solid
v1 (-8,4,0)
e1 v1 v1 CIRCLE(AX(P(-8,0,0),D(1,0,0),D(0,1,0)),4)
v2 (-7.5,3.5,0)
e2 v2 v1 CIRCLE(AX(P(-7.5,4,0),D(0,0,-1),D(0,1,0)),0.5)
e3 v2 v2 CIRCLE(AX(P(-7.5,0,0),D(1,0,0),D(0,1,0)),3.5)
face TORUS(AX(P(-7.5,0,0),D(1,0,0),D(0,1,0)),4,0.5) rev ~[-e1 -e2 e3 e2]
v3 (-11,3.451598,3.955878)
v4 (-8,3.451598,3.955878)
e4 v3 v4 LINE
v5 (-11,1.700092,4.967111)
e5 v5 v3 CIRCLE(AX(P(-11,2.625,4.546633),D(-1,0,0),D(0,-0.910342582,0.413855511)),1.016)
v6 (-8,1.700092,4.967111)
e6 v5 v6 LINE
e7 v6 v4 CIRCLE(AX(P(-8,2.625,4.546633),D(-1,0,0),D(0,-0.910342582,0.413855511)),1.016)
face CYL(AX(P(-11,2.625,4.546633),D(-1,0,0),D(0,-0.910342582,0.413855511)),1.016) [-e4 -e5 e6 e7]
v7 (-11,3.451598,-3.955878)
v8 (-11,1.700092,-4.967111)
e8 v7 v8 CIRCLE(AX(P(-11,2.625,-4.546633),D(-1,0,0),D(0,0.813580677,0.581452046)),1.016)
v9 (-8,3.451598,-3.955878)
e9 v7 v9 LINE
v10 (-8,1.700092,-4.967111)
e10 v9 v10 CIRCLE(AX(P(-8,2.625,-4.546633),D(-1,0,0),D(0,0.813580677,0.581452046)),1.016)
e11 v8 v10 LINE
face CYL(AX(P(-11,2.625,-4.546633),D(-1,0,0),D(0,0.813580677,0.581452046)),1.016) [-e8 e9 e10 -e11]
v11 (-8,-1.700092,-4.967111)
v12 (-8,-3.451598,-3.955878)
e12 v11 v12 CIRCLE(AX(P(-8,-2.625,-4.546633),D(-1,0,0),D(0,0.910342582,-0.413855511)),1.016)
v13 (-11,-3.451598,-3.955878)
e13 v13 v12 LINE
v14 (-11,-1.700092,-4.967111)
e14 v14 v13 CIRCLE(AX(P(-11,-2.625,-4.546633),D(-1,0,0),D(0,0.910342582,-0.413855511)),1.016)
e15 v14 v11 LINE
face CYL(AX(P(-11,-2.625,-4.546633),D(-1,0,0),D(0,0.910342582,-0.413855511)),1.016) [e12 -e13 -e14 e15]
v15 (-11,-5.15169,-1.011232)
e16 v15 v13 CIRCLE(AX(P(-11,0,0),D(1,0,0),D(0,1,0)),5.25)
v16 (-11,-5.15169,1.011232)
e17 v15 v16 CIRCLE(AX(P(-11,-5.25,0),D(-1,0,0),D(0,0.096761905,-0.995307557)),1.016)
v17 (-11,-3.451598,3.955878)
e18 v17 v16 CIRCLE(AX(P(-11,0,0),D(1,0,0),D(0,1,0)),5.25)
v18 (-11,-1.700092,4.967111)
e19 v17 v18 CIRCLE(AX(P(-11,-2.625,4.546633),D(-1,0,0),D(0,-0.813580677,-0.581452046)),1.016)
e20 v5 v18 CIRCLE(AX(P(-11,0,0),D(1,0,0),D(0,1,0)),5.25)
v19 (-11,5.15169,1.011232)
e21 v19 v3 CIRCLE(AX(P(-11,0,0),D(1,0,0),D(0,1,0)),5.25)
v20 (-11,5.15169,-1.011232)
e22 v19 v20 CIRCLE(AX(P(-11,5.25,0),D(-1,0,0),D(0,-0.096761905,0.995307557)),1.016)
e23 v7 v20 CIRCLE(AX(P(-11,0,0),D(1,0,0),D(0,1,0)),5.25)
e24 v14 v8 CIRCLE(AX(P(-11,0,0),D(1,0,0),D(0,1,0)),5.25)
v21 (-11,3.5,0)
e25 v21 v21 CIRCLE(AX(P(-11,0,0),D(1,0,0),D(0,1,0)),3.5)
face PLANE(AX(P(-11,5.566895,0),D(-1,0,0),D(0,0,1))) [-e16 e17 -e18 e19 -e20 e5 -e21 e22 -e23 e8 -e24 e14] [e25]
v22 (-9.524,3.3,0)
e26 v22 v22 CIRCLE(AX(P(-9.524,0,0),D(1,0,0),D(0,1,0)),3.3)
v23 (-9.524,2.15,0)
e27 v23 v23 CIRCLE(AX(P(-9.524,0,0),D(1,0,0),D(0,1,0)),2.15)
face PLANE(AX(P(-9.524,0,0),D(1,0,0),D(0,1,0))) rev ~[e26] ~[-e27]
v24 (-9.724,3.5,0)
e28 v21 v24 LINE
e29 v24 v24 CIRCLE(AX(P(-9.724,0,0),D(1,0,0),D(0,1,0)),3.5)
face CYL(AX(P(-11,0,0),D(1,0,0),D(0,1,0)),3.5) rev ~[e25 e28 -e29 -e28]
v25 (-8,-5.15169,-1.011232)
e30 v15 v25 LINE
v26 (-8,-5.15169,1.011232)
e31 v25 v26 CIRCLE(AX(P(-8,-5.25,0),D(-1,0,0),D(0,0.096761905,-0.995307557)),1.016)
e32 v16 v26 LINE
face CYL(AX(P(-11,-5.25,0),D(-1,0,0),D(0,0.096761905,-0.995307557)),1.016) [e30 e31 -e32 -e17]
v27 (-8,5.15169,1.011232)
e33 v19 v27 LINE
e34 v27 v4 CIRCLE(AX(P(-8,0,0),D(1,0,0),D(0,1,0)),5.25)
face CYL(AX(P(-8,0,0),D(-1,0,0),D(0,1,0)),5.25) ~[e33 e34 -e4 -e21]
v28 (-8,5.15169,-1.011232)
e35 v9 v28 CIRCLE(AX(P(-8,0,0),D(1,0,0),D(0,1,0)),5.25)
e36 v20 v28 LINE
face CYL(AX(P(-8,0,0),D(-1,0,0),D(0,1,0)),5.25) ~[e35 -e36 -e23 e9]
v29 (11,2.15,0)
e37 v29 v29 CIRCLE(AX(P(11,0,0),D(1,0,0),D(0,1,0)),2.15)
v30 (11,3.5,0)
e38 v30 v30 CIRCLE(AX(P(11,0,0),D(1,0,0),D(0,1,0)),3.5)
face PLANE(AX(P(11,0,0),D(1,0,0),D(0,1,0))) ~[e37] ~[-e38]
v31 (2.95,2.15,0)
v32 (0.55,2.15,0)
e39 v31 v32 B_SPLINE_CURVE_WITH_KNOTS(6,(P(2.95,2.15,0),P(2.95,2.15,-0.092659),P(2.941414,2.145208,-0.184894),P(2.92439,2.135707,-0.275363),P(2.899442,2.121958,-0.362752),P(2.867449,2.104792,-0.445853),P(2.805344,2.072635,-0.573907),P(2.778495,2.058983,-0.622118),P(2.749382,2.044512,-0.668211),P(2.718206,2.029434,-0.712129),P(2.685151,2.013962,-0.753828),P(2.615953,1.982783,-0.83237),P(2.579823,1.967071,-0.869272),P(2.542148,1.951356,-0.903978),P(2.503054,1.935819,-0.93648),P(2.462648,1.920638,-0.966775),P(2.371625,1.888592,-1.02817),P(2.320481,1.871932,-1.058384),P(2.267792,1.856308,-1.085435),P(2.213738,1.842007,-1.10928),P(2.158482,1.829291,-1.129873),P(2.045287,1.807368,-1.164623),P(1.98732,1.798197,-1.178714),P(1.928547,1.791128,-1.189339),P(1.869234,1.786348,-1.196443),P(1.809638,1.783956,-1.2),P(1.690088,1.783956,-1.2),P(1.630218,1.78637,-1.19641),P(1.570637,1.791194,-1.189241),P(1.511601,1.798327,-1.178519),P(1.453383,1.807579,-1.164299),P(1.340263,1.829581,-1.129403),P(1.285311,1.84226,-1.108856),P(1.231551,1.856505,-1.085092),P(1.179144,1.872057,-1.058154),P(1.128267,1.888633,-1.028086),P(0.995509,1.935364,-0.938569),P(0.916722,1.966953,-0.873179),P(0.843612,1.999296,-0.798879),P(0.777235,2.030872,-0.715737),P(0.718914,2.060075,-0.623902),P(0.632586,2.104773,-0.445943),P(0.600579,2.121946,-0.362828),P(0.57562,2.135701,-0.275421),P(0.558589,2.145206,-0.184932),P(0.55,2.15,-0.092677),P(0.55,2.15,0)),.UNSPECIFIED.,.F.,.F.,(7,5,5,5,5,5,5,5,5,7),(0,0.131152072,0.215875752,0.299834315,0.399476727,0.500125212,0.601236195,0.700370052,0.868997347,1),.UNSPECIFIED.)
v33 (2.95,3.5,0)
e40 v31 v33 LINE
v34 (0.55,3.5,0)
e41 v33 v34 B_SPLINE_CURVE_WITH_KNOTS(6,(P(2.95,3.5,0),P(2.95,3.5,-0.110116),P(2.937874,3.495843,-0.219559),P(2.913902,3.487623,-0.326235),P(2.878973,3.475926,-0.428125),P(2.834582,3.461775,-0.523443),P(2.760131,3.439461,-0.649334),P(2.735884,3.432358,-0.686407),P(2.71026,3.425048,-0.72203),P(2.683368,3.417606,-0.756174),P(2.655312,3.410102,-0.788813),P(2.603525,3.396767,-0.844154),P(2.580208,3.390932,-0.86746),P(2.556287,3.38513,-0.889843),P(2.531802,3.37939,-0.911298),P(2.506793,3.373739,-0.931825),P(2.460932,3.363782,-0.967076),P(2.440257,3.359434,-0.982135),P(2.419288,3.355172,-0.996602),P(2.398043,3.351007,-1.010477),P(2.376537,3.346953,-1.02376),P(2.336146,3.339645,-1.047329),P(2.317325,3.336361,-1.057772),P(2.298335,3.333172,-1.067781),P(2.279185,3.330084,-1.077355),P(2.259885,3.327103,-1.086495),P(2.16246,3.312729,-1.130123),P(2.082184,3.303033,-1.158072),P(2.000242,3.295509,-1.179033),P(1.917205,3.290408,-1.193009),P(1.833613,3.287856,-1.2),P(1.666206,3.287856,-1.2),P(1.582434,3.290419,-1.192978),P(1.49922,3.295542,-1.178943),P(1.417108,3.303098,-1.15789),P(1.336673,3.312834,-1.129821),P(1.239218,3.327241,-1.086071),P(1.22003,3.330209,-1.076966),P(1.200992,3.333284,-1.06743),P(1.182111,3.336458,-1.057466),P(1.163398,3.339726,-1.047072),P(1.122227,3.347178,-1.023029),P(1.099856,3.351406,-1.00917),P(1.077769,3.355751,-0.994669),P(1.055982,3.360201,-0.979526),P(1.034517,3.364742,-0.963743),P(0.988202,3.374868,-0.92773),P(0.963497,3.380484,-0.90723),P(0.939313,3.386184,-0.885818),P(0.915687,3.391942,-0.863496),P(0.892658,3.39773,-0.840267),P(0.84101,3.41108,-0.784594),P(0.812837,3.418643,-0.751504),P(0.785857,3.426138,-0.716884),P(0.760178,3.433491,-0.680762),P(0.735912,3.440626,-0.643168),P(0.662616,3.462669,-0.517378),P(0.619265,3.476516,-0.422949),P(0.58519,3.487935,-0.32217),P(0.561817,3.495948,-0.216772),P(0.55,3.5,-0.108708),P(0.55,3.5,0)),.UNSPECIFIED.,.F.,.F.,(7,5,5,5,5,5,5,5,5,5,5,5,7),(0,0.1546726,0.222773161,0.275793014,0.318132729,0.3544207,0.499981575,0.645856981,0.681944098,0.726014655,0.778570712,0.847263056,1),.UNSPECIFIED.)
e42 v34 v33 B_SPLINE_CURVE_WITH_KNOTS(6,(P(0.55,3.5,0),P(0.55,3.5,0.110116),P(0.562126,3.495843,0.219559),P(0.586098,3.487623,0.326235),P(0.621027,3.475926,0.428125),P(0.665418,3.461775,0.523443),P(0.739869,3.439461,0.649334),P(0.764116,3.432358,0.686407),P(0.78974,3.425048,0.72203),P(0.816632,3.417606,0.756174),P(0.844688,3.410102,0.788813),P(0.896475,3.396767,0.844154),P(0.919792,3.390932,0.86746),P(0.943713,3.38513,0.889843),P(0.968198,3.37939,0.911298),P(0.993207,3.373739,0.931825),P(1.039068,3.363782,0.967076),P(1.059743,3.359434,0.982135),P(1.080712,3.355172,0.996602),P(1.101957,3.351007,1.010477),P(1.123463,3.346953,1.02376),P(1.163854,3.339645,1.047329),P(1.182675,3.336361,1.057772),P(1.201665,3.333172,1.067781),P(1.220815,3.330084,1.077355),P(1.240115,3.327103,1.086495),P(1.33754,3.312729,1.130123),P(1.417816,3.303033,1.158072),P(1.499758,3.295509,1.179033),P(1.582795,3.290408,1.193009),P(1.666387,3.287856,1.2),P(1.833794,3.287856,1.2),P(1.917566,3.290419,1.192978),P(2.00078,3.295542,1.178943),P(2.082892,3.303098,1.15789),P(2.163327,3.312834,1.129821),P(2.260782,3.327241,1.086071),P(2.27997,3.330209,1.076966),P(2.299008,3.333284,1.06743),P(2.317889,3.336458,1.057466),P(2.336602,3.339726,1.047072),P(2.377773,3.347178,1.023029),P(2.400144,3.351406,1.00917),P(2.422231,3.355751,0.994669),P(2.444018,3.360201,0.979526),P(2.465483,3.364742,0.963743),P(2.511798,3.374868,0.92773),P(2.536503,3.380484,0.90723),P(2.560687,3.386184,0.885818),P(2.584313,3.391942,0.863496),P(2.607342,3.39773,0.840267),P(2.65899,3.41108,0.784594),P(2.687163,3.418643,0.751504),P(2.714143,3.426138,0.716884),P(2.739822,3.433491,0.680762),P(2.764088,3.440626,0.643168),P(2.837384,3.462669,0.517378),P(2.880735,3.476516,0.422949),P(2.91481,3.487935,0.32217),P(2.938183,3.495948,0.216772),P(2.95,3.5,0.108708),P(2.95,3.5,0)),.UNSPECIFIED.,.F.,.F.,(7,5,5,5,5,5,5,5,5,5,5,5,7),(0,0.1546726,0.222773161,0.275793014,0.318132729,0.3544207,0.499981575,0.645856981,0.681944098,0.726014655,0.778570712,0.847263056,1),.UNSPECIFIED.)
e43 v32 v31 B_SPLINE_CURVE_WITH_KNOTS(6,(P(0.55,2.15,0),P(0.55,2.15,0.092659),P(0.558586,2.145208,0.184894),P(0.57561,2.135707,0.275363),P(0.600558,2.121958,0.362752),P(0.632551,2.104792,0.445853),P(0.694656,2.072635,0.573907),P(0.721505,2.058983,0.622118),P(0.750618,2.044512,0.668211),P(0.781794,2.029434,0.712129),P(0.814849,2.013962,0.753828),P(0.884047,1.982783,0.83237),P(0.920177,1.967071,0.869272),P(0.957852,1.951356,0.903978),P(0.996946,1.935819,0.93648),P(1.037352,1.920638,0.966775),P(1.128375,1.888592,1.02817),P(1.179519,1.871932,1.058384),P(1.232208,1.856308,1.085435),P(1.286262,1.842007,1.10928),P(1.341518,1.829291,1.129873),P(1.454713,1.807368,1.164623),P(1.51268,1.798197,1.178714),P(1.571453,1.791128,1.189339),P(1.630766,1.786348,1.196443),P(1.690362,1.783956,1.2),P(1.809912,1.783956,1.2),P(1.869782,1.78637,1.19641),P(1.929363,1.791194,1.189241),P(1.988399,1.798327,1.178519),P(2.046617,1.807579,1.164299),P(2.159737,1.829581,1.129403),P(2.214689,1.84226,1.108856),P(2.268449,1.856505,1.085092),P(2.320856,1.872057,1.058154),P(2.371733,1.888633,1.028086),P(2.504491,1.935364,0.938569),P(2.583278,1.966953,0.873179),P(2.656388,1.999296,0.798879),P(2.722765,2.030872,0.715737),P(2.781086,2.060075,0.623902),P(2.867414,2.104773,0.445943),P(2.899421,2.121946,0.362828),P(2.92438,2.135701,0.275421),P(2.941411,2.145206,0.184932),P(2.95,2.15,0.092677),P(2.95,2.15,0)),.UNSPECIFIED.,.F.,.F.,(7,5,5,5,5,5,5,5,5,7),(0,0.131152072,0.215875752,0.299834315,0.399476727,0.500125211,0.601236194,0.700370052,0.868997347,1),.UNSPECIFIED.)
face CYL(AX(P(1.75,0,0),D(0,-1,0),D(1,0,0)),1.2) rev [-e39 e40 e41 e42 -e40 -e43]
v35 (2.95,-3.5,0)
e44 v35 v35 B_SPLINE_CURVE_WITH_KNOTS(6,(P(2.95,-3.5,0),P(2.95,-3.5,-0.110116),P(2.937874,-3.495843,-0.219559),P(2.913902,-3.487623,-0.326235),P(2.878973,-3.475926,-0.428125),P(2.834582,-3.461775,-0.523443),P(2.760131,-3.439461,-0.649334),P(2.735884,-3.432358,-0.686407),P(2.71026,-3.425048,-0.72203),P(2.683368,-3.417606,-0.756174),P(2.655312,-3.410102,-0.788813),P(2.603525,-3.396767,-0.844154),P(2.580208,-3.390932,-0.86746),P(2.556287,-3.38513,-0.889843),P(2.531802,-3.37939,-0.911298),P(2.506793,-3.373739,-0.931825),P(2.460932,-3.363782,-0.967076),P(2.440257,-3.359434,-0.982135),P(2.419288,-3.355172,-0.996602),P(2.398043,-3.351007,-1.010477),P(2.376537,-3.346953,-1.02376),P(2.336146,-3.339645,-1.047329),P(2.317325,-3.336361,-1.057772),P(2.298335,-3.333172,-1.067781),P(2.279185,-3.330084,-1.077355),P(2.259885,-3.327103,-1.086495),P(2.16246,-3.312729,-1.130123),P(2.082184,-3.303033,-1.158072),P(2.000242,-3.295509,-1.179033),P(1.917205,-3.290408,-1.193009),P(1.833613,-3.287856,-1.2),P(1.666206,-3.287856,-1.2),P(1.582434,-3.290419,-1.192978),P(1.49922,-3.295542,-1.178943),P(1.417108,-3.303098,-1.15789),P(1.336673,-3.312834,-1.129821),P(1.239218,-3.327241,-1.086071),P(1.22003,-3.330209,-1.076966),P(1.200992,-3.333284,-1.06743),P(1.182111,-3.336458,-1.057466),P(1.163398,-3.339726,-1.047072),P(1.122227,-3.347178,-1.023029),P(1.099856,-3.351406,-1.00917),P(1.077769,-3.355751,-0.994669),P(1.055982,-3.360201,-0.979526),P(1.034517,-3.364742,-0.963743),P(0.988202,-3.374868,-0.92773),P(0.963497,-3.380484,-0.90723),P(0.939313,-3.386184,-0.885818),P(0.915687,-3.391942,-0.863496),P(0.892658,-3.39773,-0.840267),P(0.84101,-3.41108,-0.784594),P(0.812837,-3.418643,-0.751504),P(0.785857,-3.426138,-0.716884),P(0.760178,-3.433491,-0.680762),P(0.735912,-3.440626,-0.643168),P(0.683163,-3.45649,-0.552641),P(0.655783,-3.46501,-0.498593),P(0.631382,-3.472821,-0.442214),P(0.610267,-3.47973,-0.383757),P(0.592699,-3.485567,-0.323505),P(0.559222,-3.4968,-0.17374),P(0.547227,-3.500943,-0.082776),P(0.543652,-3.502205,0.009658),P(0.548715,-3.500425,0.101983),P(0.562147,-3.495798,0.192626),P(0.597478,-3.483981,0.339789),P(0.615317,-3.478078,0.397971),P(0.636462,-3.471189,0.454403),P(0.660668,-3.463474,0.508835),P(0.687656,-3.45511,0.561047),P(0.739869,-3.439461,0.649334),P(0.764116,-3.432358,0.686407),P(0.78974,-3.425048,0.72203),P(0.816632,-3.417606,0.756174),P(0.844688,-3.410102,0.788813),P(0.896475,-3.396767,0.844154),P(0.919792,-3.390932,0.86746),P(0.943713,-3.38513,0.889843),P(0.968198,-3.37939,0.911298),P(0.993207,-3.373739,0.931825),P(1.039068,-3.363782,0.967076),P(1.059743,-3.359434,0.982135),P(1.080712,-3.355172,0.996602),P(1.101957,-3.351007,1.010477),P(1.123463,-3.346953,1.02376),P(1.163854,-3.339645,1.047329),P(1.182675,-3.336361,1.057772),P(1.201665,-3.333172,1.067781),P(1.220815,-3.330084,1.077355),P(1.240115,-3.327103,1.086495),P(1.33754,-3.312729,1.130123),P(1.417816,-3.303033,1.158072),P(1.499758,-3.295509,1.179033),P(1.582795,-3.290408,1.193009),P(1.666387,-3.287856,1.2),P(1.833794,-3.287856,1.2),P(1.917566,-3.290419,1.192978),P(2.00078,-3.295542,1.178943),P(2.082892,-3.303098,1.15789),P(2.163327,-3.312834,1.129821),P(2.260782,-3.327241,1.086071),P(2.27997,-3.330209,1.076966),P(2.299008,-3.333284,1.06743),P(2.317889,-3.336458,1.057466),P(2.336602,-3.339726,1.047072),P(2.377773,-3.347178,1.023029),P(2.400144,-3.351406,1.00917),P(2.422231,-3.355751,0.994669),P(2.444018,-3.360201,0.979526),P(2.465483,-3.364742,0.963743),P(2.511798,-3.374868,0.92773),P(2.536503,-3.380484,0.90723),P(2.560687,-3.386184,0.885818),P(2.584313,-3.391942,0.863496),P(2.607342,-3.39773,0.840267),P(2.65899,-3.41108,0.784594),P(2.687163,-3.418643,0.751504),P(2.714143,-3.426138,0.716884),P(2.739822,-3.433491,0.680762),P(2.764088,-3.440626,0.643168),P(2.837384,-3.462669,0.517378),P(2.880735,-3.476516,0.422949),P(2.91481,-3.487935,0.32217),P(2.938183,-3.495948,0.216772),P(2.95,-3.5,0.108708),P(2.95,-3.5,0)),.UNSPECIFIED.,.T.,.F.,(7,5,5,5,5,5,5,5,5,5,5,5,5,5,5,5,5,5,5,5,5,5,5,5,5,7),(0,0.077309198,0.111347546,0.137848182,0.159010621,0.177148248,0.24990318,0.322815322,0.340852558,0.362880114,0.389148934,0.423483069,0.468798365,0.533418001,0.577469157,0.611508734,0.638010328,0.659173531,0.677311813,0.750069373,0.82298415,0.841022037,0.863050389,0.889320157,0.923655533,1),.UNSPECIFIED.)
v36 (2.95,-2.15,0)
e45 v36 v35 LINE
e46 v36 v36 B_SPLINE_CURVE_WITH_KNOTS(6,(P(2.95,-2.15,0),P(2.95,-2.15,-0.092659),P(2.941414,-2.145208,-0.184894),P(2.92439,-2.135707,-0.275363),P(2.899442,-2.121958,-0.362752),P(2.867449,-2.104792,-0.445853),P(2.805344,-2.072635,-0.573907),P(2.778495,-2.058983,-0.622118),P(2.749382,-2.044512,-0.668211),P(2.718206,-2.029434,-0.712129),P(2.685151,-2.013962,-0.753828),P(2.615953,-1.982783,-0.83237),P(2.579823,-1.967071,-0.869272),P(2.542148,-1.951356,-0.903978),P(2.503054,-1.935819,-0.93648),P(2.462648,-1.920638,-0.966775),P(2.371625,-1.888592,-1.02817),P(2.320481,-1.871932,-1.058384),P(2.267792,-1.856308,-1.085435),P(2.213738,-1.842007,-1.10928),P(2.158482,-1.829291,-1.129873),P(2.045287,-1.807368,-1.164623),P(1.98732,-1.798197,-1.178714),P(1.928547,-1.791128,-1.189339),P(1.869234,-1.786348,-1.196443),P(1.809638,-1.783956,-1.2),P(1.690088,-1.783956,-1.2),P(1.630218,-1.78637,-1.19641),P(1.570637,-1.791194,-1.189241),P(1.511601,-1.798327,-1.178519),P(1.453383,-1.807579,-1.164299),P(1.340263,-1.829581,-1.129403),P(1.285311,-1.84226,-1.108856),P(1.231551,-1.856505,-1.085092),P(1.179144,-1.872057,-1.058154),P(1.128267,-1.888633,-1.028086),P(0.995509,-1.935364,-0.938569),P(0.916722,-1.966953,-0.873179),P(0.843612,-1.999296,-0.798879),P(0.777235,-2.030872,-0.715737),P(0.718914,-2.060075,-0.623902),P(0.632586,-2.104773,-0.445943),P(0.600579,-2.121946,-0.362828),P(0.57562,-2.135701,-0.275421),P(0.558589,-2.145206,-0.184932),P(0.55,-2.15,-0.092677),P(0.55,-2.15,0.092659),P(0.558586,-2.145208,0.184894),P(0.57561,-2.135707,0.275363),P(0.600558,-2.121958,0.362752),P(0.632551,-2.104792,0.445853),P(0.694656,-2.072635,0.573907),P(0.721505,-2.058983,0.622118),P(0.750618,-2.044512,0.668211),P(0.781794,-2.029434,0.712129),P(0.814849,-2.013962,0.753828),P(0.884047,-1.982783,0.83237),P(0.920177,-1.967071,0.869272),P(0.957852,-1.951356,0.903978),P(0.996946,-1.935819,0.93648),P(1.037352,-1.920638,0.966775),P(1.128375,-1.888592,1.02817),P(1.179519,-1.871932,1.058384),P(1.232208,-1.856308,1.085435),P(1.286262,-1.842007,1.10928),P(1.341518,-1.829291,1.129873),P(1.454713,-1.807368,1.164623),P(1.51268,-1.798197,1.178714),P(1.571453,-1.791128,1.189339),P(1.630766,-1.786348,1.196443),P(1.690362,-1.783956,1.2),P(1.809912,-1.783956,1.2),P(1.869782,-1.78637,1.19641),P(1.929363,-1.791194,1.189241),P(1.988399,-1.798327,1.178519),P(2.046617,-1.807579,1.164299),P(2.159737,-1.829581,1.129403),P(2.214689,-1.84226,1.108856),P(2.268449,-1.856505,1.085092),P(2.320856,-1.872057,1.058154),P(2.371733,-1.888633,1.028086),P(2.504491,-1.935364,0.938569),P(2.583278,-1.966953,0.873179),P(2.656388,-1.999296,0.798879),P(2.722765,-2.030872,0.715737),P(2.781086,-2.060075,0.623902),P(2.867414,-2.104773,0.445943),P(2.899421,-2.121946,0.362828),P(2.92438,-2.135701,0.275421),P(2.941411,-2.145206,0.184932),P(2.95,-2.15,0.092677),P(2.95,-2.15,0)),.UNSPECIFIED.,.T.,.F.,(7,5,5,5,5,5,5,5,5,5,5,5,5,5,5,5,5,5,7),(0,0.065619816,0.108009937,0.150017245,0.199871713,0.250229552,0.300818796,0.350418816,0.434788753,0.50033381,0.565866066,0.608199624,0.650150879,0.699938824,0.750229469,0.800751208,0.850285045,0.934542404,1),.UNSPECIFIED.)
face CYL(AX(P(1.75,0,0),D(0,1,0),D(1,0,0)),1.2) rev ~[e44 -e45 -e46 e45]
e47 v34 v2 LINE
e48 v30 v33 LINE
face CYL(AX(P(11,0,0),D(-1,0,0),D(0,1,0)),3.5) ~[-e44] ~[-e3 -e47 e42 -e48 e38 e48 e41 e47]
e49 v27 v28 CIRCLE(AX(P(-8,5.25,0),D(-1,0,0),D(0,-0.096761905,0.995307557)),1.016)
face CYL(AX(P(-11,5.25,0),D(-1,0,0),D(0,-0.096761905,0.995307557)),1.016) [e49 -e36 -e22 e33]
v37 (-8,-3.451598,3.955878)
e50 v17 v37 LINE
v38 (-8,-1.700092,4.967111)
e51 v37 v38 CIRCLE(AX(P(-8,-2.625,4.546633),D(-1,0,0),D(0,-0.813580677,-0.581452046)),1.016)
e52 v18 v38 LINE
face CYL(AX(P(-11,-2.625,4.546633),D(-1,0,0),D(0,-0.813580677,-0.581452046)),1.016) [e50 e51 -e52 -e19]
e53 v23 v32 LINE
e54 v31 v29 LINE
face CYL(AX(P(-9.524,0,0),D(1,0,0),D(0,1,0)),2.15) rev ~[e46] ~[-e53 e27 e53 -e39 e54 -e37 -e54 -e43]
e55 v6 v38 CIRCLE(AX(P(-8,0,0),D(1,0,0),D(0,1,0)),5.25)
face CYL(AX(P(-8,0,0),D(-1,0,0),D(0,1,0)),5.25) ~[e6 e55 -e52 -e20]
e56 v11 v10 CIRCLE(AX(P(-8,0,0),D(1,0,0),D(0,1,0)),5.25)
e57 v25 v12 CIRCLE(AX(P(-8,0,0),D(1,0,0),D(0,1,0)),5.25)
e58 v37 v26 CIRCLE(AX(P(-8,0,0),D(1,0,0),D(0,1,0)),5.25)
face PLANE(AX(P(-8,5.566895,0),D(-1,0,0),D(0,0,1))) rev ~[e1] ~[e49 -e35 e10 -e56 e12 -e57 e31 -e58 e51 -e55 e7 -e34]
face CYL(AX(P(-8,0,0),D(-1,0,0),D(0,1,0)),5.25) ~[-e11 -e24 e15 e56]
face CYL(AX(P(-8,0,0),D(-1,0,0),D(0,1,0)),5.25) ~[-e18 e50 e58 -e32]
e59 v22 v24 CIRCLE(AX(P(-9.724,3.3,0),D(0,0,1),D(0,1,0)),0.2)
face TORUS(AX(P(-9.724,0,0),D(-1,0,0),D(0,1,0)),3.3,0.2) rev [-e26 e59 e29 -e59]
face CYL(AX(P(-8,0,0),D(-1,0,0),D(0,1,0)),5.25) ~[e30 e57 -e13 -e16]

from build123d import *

# Parameters (mm, degrees)
FILLET1_R               = 0.5
FILLET2_R               = 0.2
SKETCH2_R               = 1.2
CUT_EXTRUDE1_DEPTH      = 6.25
CUT_EXTRUDE1_DEPTH_BACK = 6.25
BOSS_EXTRUDE1_DEPTH     = 3


with BuildPart() as part:
    # Sketch1 → Revolve1 (revolve)
    with BuildSketch(Plane.XY):
        Polygon((11, 2.15), (11, 3.5), (-8, 3.5), (-8, 5.25), (-11, 5.25), (-11, 3.5), (-9.524, 3.5), (-9.524, 2.15), align=None)
    revolve(axis=Axis((-11, 0, 0), (1, 0, 0)))

    # Fillet1
    fillet1_edges = [part.edges().sort_by_distance(p)[0] for p in [
        (-8, -3.5, 0),
    ]]
    fillet(fillet1_edges, radius=FILLET1_R)

    # Fillet2
    fillet2_edges = [part.edges().sort_by_distance(p)[0] for p in [
        (-9.524, -3.5, 0),
    ]]
    fillet(fillet2_edges, radius=FILLET2_R)

    # Sketch2 → Cut-Extrude1 (cut, two sides)
    with BuildSketch(Plane(origin=(0, 0, 0), x_dir=(1, 0, 0), z_dir=(0, 1, 0))) as cut_extrude1_sk:
        with Locations((1.75, 0)):
            Circle(SKETCH2_R)
    extrude(amount=CUT_EXTRUDE1_DEPTH, mode=Mode.SUBTRACT)
    extrude(cut_extrude1_sk.sketch, amount=-CUT_EXTRUDE1_DEPTH_BACK, mode=Mode.SUBTRACT)

    # Sketch3 → Boss-Extrude1 (add)
    with BuildSketch(Plane.ZY.offset(11)):
        with BuildLine():
            ThreePointArc((1.011232478, 5.151689905), (0, 6.266), (-1.011232478, 5.151689905))
            ThreePointArc((-1.011232478, 5.151689905), (0, 5.25), (1.011232478, 5.151689905))
        make_face()
        with BuildLine():
            ThreePointArc((4.967110569, 1.700091937), (5.42651518, 3.133), (3.955878091, 3.451597968))
            ThreePointArc((3.955878091, 3.451597968), (4.54663337, 2.625), (4.967110569, 1.700091937))
        make_face()
        with BuildLine():
            ThreePointArc((3.955878091, -3.451597968), (5.42651518, -3.133), (4.967110569, -1.700091937))
            ThreePointArc((4.967110569, -1.700091937), (4.54663337, -2.625), (3.955878091, -3.451597968))
        make_face()
        with BuildLine():
            ThreePointArc((-1.011232478, -5.151689905), (0, -6.266), (1.011232478, -5.151689905))
            ThreePointArc((1.011232478, -5.151689905), (0, -5.25), (-1.011232478, -5.151689905))
        make_face()
        with BuildLine():
            ThreePointArc((-4.967110569, -1.700091937), (-5.42651518, -3.133), (-3.955878091, -3.451597968))
            ThreePointArc((-3.955878091, -3.451597968), (-4.54663337, -2.625), (-4.967110569, -1.700091937))
        make_face()
        with BuildLine():
            ThreePointArc((-3.955878091, 3.451597968), (-5.42651518, 3.133), (-4.967110569, 1.700091937))
            ThreePointArc((-4.967110569, 1.700091937), (-4.54663337, 2.625), (-3.955878091, 3.451597968))
        make_face()
    extrude(amount=-BOSS_EXTRUDE1_DEPTH)


solid = part.part
